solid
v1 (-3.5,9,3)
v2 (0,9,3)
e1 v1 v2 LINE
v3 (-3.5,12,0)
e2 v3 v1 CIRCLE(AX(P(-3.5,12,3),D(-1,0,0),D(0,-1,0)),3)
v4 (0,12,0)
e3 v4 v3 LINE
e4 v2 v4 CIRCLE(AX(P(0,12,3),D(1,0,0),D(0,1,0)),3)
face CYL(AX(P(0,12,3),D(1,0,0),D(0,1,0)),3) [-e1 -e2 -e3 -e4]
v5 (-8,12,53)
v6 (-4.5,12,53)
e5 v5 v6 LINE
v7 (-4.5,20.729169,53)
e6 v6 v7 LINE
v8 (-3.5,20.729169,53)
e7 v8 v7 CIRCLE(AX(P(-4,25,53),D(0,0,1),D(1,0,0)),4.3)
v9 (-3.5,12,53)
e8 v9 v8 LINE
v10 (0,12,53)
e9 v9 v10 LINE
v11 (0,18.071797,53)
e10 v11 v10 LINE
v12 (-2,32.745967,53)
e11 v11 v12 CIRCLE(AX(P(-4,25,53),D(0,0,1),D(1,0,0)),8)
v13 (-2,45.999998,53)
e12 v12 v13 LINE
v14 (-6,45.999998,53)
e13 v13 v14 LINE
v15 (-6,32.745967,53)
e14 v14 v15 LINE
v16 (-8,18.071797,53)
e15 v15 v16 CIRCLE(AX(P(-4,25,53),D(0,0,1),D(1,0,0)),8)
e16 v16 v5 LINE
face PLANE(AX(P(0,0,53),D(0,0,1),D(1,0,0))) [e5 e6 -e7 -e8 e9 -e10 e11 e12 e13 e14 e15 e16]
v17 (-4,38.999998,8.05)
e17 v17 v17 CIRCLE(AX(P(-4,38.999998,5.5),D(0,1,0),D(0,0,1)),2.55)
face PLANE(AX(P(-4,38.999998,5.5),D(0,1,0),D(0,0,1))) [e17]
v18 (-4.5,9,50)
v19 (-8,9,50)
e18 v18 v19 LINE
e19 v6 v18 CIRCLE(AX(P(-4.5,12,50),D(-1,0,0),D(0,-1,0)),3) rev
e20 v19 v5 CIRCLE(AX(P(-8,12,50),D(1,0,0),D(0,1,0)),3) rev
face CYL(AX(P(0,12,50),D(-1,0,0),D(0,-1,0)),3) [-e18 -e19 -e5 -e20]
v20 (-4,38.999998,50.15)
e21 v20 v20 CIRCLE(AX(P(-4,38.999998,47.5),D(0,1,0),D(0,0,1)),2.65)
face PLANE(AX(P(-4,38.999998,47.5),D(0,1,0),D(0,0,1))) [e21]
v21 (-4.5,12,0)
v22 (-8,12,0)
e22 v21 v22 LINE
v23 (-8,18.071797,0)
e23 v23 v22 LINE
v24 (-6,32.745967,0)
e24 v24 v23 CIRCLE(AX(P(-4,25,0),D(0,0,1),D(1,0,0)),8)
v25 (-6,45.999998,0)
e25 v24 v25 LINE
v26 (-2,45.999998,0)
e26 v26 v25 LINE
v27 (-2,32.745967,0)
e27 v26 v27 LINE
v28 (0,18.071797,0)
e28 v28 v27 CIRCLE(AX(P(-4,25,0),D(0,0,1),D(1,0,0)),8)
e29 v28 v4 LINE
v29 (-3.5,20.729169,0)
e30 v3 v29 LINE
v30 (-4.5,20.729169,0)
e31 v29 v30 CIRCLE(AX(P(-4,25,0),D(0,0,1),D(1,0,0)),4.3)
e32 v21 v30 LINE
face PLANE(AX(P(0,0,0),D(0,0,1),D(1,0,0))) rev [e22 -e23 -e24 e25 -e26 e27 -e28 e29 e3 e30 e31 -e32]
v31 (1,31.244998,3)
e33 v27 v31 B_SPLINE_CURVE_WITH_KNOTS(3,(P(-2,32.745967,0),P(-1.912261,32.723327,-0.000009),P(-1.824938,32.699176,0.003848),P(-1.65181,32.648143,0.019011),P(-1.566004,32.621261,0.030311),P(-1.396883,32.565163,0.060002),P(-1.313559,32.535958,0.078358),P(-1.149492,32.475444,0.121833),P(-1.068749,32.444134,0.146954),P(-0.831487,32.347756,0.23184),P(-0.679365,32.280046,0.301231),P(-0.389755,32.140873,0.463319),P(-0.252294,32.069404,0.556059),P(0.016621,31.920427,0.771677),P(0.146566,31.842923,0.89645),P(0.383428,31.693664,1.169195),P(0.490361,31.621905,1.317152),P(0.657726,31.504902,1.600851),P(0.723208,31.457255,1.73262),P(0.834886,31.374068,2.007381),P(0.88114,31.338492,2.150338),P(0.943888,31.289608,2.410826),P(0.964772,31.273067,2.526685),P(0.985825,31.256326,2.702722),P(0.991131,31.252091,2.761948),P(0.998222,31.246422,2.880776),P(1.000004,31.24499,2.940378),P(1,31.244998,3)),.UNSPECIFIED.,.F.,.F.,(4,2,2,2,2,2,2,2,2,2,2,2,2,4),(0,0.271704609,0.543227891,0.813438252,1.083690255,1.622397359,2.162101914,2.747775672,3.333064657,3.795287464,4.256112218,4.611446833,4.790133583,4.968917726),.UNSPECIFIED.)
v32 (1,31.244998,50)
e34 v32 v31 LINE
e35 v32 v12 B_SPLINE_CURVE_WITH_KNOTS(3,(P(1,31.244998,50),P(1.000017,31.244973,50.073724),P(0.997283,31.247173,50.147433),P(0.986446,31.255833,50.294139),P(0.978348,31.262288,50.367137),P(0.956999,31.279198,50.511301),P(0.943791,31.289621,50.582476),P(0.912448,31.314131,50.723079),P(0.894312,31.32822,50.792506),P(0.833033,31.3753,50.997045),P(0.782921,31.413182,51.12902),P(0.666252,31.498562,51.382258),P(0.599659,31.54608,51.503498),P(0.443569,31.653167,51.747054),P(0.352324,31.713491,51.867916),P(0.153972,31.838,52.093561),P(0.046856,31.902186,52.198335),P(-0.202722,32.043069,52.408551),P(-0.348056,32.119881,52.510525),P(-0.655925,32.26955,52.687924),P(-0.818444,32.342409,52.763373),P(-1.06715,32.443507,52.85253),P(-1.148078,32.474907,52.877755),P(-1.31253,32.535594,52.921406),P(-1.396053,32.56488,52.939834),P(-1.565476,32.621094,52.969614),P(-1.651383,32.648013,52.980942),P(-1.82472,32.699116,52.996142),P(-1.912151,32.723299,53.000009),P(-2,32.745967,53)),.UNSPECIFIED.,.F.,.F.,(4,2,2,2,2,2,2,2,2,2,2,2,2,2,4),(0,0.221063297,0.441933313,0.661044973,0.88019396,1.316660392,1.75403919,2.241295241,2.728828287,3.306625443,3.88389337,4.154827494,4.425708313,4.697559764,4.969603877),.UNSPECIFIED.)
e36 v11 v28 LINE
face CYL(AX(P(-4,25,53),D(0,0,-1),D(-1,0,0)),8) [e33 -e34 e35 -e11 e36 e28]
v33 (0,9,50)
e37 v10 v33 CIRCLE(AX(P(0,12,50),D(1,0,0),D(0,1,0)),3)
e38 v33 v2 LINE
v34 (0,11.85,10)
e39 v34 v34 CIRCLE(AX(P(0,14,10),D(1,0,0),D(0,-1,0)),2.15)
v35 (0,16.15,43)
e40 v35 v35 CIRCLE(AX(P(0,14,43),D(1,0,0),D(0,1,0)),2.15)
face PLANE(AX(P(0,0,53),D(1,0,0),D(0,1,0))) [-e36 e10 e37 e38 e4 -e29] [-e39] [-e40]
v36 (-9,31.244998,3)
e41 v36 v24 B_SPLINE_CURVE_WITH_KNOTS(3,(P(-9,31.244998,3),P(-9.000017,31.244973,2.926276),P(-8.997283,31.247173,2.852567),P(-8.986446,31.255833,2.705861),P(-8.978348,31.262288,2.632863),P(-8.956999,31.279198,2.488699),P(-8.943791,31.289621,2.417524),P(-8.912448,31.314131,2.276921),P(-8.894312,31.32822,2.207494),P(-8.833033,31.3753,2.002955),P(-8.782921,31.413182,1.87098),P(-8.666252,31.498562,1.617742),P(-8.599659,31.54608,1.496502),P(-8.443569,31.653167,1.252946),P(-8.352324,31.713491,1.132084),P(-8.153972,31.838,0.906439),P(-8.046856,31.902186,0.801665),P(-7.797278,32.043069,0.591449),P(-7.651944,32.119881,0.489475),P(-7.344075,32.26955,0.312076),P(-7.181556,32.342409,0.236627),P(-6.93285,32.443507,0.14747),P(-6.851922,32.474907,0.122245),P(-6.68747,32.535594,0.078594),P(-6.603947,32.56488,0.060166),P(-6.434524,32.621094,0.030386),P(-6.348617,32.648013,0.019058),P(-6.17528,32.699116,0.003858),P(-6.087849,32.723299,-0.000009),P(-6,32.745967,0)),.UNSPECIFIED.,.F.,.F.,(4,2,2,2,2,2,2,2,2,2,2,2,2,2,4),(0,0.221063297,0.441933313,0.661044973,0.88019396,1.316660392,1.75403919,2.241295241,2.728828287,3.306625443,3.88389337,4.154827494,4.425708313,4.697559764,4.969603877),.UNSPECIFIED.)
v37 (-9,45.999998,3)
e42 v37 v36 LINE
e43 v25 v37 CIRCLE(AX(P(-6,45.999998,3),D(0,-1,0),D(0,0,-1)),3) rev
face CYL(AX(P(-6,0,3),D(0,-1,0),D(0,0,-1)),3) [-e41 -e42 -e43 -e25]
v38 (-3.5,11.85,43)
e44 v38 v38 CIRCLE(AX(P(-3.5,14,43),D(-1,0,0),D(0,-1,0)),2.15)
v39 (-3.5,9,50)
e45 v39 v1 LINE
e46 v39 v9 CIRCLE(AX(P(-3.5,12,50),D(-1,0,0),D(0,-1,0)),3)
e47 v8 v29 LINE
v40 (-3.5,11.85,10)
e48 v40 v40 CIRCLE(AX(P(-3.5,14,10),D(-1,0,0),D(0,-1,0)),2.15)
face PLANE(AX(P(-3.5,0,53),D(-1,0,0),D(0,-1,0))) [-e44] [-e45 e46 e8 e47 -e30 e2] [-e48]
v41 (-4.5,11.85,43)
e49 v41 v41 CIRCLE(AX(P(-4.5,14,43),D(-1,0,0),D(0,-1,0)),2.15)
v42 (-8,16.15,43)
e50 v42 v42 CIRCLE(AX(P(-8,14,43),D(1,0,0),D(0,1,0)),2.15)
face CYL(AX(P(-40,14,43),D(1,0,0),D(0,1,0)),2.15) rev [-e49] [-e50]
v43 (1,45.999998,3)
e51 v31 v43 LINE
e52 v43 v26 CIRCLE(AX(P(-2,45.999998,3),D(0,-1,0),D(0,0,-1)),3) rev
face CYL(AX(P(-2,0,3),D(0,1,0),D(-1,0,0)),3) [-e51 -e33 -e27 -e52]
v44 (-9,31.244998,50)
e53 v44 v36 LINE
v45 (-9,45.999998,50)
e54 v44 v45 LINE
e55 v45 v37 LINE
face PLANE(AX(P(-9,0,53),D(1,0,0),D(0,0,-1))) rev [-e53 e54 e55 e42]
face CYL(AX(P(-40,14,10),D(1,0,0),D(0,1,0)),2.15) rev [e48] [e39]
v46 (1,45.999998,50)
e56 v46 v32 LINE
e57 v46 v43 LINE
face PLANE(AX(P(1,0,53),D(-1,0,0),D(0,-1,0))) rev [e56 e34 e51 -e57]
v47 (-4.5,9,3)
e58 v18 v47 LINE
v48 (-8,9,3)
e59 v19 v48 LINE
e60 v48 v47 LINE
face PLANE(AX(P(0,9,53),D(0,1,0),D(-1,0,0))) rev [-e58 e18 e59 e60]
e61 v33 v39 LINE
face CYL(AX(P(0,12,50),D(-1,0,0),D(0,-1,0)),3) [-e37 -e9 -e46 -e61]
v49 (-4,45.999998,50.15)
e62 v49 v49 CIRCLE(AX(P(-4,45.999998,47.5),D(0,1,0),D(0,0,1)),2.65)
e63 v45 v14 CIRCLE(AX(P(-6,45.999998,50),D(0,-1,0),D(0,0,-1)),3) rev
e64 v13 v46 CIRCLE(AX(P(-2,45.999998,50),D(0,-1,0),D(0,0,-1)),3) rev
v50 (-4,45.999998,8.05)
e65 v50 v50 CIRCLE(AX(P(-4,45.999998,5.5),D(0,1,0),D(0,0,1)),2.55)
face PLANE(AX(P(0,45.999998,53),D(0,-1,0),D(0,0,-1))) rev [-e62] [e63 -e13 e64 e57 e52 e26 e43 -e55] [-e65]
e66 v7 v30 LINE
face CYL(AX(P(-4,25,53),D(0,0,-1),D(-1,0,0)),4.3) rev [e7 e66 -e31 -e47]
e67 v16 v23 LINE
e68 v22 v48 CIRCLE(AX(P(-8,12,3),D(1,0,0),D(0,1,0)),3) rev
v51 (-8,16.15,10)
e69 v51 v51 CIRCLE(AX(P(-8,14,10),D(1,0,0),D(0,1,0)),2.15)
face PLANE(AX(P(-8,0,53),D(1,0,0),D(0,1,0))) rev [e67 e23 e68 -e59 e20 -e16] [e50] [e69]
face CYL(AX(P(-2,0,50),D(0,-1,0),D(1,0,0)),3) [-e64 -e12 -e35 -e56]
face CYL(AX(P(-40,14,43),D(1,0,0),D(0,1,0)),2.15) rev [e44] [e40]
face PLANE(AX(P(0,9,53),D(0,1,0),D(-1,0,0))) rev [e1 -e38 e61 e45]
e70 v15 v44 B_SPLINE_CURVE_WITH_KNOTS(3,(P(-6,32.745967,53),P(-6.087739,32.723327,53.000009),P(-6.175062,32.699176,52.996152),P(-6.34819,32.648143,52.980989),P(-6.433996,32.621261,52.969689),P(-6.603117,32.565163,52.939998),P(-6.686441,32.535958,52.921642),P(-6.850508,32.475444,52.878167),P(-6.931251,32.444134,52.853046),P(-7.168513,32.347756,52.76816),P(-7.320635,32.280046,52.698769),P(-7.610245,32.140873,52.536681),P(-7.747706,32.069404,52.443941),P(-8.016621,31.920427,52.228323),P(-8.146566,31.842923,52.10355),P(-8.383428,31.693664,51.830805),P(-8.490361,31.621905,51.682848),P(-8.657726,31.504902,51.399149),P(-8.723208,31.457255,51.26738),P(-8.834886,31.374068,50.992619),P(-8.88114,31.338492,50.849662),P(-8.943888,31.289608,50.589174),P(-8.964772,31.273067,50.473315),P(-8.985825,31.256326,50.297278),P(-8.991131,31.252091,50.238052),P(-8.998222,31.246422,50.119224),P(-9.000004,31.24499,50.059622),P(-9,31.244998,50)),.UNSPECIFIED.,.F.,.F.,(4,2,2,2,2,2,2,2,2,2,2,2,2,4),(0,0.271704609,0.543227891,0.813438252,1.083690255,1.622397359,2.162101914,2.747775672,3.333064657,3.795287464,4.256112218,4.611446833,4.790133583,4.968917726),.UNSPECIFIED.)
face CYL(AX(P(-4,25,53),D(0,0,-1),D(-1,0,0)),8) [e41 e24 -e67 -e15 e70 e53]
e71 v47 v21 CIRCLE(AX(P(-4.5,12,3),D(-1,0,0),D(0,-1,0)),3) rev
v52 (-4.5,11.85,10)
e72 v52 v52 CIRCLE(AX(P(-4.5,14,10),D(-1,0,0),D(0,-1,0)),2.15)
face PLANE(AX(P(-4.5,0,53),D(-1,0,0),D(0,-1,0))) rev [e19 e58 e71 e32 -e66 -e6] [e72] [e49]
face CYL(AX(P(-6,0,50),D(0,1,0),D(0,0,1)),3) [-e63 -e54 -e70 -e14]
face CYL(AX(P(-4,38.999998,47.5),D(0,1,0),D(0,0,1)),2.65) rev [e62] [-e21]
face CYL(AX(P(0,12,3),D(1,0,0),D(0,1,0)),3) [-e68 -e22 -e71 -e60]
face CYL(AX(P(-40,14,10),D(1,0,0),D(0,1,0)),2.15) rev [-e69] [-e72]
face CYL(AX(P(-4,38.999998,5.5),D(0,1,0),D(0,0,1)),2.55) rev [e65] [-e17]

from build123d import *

# Parameters (mm, degrees)
BOSS_EXTRUDE1_DEPTH = 53
SKETCH2_R           = 2.15
CUT_EXTRUDE1_DEPTH  = 40
SKETCH3_R           = 2.55
SKETCH3_R_2         = 2.65
CUT_EXTRUDE2_DEPTH  = 7
FILLET1_R           = 3


with BuildPart() as part:
    # Sketch1 → Boss-Extrude1 (new body)
    with BuildSketch(Plane.XY):
        with BuildLine():
            Line((-9, 45.999997998), (-9, 31.244997998))
            ThreePointArc((-9, 31.244997998), (-4, 33), (1, 31.244997998))
            Line((1, 31.244997998), (1, 45.999997998))
            Line((1, 45.999997998), (-9, 45.999997998))
        make_face()
        with BuildLine():
            ThreePointArc((1, 31.244997998), (-4, 33), (-9, 31.244997998))
            Line((-9, 31.244997998), (1, 31.244997998))
        make_face()
        with BuildLine():
            Line((-8, 18.07179677), (-8, 23.422026616))
            ThreePointArc((-8, 23.422026616), (-4.80311892, 29.224334267), (0.3, 25))
            ThreePointArc((0.3, 25), (0.224334267, 24.19688108), (0, 23.422026616))
            Line((0, 23.422026616), (0, 18.07179677))
            ThreePointArc((0, 18.07179677), (2.92820323, 21), (4, 25))
            ThreePointArc((4, 25), (3.211102551, 28.464101615), (1, 31.244997998))
            Line((1, 31.244997998), (-9, 31.244997998))
            ThreePointArc((-9, 31.244997998), (-11.977048806, 24.394448725), (-8, 18.07179677))
        make_face()
        with BuildLine():
            ThreePointArc((0, 23.422026616), (-1.377907145, 21.591975784), (-3.5, 20.729168699))
            Line((-3.5, 20.729168699), (-3.5, 17.015640289))
            ThreePointArc((-3.5, 17.015640289), (-1.688860318, 17.341107562), (0, 18.07179677))
            Line((0, 18.07179677), (0, 23.422026616))
        make_face()
        with BuildLine():
            ThreePointArc((-4.5, 20.729168699), (-6.622092855, 21.591975784), (-8, 23.422026616))
            Line((-8, 23.422026616), (-8, 18.07179677))
            ThreePointArc((-8, 18.07179677), (-6.311139682, 17.341107562), (-4.5, 17.015640289))
            Line((-4.5, 17.015640289), (-4.5, 20.729168699))
        make_face()
        with BuildLine():
            ThreePointArc((-4.5, 17.015640289), (-6.311139682, 17.341107562), (-8, 18.07179677))
            Line((-8, 18.07179677), (-8, 9))
            Line((-8, 9), (-4.5, 9))
            Line((-4.5, 9), (-4.5, 17.015640289))
        make_face()
        with BuildLine():
            ThreePointArc((0, 18.07179677), (-1.688860318, 17.341107562), (-3.5, 17.015640289))
            Line((-3.5, 17.015640289), (-3.5, 9))
            Line((-3.5, 9), (0, 9))
            Line((0, 9), (0, 18.07179677))
        make_face()
    extrude(amount=BOSS_EXTRUDE1_DEPTH)

    # Sketch2 → Cut-Extrude1 (cut)
    with BuildSketch(Plane(origin=(0, 0, 0), x_dir=(0, 0, -1), z_dir=(1, 0, 0))):
        with Locations((-43, 14)):
            Circle(SKETCH2_R)
        with Locations((-10, 14)):
            Circle(SKETCH2_R)
    extrude(amount=-CUT_EXTRUDE1_DEPTH, mode=Mode.SUBTRACT)

    # Sketch3 → Cut-Extrude2 (cut)
    with BuildSketch(Plane(origin=(0, 45.999997998, 0), x_dir=(1, 0, 0), z_dir=(0, 1, 0))):
        with Locations((-4, -5.5)):
            Circle(SKETCH3_R)
        with Locations((-4, -47.5)):
            Circle(SKETCH3_R_2)
    extrude(amount=-CUT_EXTRUDE2_DEPTH, mode=Mode.SUBTRACT)

    # Fillet1
    fillet1_edges = [part.edges().sort_by_distance(p)[0] for p in [
        (1, 38.622497998, 0),
        (-1.75, 9, 0),
        (-6.25, 9, 0),
        (-9, 38.622497998, 0),
        (-6.25, 9, 53),
        (-1.75, 9, 53),
        (-9, 38.622497998, 53),
        (1, 38.622497998, 53),
    ]]
    fillet(fillet1_edges, radius=FILLET1_R)


solid = part.part
